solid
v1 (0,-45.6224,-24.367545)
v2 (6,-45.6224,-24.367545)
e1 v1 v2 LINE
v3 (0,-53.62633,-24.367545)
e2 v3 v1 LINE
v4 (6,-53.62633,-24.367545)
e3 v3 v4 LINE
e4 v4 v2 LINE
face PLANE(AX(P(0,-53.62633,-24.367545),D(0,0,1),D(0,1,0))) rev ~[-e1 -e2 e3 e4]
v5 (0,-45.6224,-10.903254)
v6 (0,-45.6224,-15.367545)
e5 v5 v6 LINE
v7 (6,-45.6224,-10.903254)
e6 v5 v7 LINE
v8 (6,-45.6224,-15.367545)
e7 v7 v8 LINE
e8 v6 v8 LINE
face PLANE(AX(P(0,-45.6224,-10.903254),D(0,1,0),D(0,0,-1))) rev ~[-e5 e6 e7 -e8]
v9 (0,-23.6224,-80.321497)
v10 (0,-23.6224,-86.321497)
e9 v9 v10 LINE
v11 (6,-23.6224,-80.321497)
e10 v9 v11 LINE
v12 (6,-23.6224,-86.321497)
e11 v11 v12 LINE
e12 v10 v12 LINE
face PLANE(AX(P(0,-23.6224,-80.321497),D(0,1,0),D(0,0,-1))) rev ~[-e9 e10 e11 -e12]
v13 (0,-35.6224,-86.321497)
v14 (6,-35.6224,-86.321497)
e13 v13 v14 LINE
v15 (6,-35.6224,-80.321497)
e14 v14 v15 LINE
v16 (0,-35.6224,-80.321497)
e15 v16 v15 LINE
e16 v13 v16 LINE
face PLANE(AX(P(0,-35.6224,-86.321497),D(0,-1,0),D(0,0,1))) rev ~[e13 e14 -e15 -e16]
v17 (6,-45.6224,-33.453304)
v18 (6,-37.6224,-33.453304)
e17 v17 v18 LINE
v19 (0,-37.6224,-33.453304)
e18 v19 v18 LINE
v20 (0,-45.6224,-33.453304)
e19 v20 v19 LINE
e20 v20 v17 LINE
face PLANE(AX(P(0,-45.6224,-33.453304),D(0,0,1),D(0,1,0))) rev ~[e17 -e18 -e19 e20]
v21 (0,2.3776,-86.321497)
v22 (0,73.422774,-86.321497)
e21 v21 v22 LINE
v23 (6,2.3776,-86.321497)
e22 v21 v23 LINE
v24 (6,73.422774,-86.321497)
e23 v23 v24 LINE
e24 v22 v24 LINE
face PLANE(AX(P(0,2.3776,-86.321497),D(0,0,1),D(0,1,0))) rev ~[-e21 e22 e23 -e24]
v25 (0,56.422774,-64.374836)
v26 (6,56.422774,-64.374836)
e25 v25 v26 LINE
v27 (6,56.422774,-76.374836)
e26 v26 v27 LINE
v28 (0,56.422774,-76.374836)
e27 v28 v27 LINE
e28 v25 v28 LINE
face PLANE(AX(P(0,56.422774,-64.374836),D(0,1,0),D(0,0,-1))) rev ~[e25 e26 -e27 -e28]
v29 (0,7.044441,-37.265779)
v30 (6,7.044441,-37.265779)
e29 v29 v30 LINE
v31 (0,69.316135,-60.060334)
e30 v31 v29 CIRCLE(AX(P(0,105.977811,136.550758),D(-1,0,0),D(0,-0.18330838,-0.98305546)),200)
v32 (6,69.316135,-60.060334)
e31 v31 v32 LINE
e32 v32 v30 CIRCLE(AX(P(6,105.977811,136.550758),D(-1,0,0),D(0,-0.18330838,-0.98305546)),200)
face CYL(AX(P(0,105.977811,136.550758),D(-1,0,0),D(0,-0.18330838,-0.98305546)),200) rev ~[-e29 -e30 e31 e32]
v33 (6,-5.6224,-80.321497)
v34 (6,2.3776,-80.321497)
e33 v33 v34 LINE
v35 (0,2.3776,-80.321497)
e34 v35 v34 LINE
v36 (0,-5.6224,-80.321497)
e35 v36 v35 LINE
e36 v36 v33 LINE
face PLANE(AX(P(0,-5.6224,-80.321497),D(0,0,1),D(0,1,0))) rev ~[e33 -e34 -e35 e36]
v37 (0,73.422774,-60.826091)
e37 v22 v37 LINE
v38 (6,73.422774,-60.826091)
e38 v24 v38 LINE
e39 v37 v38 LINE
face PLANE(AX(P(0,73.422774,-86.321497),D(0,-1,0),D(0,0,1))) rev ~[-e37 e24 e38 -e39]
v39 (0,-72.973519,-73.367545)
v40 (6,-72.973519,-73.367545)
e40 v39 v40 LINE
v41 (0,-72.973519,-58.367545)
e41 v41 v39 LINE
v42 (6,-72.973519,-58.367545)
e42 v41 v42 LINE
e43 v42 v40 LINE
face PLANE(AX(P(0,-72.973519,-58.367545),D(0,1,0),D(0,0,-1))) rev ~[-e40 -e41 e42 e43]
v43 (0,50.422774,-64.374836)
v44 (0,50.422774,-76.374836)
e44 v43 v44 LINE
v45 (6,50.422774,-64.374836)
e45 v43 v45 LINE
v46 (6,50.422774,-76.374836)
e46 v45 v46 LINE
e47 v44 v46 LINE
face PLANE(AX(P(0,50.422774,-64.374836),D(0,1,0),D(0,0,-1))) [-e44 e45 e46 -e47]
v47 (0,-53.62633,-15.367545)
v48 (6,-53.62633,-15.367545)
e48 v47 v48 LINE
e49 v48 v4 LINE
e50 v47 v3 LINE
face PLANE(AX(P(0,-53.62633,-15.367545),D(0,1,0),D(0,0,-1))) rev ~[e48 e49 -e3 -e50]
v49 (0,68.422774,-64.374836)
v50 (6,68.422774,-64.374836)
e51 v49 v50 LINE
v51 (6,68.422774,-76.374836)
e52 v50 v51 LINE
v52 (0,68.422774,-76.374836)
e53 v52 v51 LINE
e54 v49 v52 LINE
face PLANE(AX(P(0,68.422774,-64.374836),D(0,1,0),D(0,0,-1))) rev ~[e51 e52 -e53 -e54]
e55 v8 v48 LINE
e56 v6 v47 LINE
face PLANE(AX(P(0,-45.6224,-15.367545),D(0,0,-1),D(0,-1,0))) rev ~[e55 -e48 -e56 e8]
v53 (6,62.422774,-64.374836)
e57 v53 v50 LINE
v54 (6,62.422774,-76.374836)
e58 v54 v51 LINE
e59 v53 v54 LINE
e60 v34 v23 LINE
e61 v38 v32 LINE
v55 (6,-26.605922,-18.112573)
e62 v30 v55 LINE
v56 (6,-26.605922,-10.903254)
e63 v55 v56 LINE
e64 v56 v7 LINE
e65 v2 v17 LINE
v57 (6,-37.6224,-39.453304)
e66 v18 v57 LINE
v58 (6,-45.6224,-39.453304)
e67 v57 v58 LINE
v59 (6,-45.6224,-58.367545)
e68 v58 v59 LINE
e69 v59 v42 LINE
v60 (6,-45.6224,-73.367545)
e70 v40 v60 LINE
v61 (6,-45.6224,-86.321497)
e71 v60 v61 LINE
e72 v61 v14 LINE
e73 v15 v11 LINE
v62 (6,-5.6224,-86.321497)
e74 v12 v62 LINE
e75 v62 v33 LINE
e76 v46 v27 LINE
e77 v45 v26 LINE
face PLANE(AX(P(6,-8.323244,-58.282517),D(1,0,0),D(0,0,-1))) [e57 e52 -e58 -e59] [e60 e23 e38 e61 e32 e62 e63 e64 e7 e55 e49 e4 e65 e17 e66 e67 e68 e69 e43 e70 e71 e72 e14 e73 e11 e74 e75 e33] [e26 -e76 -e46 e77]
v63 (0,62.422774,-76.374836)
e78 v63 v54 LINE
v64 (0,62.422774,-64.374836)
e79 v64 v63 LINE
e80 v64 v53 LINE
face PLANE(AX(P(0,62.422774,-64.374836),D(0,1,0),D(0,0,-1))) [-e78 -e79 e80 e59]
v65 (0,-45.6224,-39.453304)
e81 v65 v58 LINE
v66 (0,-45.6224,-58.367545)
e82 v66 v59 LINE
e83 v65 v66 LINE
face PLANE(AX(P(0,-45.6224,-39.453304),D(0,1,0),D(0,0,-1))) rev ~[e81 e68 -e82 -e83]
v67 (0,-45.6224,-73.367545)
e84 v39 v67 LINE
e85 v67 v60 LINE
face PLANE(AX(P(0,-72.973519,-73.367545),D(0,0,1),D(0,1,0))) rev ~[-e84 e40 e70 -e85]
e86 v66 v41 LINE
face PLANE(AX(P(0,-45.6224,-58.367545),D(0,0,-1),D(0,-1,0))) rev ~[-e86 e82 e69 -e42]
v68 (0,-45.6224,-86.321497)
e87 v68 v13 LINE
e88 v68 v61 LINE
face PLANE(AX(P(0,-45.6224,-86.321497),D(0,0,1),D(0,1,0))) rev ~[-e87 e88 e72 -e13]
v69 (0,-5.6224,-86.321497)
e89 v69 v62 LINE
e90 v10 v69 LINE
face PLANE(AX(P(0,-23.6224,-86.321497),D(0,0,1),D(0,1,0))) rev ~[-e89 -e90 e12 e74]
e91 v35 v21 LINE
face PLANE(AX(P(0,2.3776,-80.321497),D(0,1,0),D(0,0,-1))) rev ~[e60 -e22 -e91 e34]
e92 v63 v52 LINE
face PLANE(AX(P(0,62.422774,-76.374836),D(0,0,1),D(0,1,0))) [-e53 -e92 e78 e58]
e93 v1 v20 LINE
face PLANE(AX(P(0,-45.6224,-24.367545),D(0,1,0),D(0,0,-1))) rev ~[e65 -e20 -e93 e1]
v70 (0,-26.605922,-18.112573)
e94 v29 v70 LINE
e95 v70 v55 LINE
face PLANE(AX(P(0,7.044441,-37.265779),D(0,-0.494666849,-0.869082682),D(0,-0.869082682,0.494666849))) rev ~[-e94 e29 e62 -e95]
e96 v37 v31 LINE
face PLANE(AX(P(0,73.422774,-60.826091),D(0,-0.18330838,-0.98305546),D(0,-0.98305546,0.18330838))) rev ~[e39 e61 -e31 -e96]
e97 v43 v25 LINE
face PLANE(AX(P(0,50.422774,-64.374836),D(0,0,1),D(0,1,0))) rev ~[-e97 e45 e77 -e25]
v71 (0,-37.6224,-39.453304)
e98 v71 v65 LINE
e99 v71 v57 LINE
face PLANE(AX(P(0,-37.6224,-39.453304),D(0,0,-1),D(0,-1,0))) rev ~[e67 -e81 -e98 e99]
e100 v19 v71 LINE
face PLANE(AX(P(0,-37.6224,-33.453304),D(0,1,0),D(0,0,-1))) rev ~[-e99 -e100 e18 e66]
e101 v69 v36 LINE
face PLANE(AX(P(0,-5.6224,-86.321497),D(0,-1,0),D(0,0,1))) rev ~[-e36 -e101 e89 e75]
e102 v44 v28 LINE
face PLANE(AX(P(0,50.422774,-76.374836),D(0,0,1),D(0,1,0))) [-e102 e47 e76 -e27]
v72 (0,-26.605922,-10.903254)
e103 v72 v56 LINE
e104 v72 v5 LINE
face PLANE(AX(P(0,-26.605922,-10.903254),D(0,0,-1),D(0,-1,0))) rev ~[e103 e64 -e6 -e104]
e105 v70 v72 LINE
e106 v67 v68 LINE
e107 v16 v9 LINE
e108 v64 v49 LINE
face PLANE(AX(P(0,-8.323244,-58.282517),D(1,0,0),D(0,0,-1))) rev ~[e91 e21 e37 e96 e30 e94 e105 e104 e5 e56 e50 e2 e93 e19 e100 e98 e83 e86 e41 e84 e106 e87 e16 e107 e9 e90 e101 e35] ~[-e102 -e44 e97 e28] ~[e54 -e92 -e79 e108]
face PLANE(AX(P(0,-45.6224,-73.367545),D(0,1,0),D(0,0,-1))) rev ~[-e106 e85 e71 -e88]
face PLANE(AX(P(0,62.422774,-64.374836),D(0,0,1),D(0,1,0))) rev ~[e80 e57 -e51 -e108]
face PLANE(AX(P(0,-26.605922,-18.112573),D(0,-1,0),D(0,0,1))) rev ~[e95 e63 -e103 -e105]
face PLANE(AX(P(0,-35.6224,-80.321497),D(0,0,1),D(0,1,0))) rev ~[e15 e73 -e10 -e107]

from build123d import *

# Parameters (mm, degrees)
SKETCH1_W           = 12
SKETCH1_H           = 6
BOSS_EXTRUDE1_DEPTH = 6


with BuildPart() as part:
    # Sketch1 → Boss-Extrude1 (new body)
    with BuildSketch(Plane(origin=(0, 0, 0), x_dir=(0, 0, -1), z_dir=(1, 0, 0))):
        with BuildLine():
            Line((86.321496787, 73.422774132), (60.826091075, 73.422774132))
            Line((60.826091075, 73.422774132), (60.060334343, 69.316135154))
            ThreePointArc((60.060334343, 69.316135154), (51.261909479, 37.228978051), (37.265778766, 7.044441347))
            Line((37.265778766, 7.044441347), (18.112573434, -26.605921739))
            Line((18.112573434, -26.605921739), (10.903253971, -26.605921739))
            Line((10.903253971, -26.605921739), (10.903253971, -45.622400338))
            Line((10.903253971, -45.622400338), (15.367545377, -45.622400338))
            Line((15.367545377, -45.622400338), (15.367545377, -53.626330222))
            Line((15.367545377, -53.626330222), (24.367545377, -53.626330222))
            Line((24.367545377, -53.626330222), (24.367545377, -45.622400338))
            Line((24.367545377, -45.622400338), (33.453304177, -45.622400338))
            Line((33.453304177, -45.622400338), (33.453304177, -37.622400338))
            Line((33.453304177, -37.622400338), (39.453304177, -37.622400338))
            Line((39.453304177, -37.622400338), (39.453304177, -45.622400338))
            Line((39.453304177, -45.622400338), (58.367545377, -45.622400338))
            Line((58.367545377, -45.622400338), (58.367545377, -72.9735186))
            Line((58.367545377, -72.9735186), (73.367545377, -72.9735186))
            Line((73.367545377, -72.9735186), (73.367545377, -45.622400338))
            Line((73.367545377, -45.622400338), (86.321496787, -45.622400338))
            Line((86.321496787, -45.622400338), (86.321496787, -35.622400338))
            Line((86.321496787, -35.622400338), (80.321496787, -35.622400338))
            Line((80.321496787, -35.622400338), (80.321496787, -23.622400338))
            Line((80.321496787, -23.622400338), (86.321496787, -23.622400338))
            Line((86.321496787, -23.622400338), (86.321496787, -5.622400338))
            Line((86.321496787, -5.622400338), (80.321496787, -5.622400338))
            Line((80.321496787, -5.622400338), (80.321496787, 2.377599662))
            Line((80.321496787, 2.377599662), (86.321496787, 2.377599662))
            Line((86.321496787, 2.377599662), (86.321496787, 73.422774132))
        make_face()
        with Locations((70.374836387, 65.422774132)):
            Rectangle(SKETCH1_W, SKETCH1_H, mode=Mode.SUBTRACT)
        with Locations((70.374836387, 53.422774132)):
            Rectangle(SKETCH1_W, SKETCH1_H, mode=Mode.SUBTRACT)
    extrude(amount=BOSS_EXTRUDE1_DEPTH)


solid = part.part
